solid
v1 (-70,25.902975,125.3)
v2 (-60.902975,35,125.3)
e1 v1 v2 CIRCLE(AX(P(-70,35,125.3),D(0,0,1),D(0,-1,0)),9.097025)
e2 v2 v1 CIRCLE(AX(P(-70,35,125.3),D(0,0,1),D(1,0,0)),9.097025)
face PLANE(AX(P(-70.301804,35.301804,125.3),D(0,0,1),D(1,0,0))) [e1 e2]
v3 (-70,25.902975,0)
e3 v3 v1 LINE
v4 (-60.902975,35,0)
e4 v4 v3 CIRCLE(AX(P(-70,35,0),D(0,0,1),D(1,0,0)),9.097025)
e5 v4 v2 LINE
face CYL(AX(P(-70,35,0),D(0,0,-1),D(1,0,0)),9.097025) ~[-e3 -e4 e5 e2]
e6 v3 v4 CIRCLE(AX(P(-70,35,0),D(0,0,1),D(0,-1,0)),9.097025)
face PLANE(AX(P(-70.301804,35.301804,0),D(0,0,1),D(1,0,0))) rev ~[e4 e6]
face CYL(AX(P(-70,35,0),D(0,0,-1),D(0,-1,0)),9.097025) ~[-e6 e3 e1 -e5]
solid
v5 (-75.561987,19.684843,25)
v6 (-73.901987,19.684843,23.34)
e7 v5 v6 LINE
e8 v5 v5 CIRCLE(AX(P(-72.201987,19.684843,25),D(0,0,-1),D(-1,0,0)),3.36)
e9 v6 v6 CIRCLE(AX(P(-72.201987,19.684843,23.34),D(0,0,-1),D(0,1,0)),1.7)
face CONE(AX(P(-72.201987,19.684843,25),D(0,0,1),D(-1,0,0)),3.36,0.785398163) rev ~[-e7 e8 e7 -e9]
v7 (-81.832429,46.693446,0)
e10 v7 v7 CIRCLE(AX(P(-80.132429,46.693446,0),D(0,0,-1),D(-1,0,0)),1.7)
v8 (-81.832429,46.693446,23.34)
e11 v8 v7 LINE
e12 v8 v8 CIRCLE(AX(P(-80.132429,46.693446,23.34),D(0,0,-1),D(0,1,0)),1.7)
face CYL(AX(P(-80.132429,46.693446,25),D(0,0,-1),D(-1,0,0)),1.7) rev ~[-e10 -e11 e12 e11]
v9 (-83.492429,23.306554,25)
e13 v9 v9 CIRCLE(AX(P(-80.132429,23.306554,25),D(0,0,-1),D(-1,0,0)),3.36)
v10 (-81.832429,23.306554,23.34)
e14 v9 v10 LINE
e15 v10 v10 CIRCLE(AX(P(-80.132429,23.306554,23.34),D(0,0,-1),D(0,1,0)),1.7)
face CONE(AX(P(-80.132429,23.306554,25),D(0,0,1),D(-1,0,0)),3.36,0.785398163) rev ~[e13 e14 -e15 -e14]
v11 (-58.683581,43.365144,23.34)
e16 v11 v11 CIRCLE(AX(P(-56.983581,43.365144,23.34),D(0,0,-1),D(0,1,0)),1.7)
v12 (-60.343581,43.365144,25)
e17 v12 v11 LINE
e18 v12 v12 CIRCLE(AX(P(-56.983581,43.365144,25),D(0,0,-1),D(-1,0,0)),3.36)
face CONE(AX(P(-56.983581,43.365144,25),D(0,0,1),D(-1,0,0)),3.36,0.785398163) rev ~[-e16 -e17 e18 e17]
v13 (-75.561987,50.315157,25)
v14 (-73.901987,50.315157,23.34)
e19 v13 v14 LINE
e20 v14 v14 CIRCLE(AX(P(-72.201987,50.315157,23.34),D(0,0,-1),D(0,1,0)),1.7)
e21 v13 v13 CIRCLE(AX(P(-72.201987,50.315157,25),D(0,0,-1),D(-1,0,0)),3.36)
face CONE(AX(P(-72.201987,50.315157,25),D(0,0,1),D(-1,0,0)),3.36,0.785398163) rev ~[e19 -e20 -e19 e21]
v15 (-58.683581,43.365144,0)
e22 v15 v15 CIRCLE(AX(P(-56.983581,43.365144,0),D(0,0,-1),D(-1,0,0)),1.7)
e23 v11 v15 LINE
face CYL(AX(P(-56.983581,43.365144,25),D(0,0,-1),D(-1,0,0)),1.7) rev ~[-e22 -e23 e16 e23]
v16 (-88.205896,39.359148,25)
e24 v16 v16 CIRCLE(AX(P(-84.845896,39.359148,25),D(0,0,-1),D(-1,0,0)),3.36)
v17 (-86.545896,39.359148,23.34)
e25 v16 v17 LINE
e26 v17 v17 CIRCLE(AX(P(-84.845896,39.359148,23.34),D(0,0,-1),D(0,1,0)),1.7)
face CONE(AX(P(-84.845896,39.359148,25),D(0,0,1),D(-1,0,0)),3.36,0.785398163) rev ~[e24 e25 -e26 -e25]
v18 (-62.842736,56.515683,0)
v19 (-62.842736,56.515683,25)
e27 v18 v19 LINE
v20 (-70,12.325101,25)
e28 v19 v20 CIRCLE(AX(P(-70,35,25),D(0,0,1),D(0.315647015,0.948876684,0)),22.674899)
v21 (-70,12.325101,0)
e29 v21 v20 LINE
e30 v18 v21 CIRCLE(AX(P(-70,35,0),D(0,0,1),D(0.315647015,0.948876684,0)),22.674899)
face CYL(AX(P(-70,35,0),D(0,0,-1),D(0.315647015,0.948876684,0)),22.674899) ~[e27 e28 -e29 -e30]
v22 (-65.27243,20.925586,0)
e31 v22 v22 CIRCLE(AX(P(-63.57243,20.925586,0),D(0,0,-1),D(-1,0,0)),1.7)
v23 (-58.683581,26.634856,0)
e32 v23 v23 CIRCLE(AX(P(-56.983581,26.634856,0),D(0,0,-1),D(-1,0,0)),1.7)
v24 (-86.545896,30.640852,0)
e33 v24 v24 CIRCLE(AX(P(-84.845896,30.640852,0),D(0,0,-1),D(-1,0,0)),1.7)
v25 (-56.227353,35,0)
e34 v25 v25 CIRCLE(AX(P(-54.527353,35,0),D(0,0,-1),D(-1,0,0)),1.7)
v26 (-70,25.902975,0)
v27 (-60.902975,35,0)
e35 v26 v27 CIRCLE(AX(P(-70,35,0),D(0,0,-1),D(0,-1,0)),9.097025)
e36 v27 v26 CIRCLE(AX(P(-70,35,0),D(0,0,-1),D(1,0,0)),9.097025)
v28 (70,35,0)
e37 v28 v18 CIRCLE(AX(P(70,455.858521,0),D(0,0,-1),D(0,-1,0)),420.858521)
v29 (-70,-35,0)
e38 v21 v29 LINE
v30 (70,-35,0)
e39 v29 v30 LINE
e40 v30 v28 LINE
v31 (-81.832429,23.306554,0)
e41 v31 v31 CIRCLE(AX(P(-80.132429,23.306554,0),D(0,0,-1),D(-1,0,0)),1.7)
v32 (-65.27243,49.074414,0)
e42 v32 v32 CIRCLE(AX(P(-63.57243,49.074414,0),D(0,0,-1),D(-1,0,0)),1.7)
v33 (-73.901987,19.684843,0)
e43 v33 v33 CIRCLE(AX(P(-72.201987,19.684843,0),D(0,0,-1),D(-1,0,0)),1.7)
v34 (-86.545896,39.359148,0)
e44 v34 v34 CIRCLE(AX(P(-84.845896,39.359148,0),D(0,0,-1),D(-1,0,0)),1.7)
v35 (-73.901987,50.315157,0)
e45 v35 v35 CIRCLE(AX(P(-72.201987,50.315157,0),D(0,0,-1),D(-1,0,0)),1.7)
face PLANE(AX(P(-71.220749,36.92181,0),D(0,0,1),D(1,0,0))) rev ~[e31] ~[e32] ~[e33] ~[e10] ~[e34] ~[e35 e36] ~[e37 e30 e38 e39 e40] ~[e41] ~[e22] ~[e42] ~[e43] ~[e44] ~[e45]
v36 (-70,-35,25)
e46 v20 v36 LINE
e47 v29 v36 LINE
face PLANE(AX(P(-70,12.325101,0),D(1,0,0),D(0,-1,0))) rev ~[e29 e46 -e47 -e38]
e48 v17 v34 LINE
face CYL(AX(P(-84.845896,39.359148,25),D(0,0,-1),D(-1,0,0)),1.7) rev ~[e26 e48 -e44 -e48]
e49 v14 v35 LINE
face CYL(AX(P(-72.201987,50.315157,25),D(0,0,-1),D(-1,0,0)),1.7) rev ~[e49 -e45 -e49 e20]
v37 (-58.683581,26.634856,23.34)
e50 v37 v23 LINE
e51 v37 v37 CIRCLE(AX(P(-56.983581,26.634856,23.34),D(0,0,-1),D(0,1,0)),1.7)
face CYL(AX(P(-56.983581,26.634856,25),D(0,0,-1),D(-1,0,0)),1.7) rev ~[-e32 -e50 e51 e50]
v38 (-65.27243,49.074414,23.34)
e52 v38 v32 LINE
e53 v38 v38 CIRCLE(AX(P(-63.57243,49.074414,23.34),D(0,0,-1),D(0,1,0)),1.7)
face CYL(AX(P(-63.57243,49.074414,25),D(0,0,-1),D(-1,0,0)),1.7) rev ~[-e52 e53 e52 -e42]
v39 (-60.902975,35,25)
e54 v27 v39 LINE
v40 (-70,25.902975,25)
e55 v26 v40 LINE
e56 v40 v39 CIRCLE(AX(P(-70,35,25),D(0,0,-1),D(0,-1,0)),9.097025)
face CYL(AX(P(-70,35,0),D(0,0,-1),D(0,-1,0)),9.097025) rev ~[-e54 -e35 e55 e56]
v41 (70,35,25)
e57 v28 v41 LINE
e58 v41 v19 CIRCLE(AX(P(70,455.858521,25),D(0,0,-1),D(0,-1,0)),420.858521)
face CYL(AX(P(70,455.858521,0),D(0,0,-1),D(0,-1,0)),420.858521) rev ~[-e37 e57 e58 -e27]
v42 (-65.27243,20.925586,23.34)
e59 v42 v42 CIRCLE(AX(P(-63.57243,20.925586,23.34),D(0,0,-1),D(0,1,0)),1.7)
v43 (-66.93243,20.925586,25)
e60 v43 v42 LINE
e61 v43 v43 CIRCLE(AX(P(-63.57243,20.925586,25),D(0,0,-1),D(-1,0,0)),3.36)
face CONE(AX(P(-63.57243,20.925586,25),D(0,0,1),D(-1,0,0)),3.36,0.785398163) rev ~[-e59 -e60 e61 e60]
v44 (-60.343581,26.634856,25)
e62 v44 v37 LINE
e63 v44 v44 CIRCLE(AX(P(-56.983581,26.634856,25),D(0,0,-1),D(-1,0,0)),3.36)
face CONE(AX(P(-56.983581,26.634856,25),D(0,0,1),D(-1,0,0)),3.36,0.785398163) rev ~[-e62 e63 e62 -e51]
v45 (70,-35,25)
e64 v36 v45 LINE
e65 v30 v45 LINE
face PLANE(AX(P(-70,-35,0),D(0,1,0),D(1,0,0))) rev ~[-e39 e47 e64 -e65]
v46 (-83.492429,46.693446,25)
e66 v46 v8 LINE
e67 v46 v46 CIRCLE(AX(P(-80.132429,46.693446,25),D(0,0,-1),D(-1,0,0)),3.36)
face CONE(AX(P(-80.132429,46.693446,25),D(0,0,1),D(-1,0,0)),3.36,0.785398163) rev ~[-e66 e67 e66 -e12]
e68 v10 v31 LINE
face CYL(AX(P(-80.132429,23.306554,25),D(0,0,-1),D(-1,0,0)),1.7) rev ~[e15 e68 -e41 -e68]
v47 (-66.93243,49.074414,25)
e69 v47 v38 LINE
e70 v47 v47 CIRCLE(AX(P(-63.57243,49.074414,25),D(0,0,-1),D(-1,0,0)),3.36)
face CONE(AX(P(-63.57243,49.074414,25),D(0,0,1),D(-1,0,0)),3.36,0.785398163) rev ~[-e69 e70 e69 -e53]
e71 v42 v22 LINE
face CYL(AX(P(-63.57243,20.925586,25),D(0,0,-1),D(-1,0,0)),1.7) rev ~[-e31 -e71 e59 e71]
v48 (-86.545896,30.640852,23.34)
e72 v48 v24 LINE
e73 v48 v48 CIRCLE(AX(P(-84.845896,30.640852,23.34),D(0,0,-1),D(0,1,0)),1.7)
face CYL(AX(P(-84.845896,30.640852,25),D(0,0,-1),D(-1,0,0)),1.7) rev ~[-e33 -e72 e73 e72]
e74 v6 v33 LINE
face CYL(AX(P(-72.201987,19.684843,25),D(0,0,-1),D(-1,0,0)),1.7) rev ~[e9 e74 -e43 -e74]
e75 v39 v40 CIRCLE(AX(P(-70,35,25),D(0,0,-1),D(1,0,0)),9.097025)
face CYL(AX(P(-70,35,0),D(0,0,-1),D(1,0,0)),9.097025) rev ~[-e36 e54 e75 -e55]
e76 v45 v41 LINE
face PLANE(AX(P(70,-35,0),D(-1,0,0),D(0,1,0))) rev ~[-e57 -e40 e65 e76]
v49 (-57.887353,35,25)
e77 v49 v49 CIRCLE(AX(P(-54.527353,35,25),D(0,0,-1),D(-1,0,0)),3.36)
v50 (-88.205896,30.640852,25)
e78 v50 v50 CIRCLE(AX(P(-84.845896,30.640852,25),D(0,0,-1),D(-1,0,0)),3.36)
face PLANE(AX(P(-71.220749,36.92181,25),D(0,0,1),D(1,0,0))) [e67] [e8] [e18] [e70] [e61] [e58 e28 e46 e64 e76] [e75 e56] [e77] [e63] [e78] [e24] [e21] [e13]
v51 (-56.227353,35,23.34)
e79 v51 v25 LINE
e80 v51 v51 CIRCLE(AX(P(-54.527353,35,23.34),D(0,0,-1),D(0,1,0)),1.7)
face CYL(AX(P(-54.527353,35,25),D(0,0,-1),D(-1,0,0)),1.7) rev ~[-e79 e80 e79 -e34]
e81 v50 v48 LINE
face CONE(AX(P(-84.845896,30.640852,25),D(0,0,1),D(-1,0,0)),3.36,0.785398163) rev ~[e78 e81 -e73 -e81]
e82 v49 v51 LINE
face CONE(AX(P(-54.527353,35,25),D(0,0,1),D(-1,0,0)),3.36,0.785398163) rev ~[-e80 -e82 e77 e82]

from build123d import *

# Parameters (mm, degrees)
F1_DEPTH       = 25
F2_DEPTH       = 125.3
F4_D           = 3.4
F4_CSINK_D     = 6.72
F4_CSINK_ANGLE = 90


with BuildPart() as f1:
    # F0 (on Top) → F1 (new body)
    with BuildSketch(Plane.XY):
        with BuildLine():
            ThreePointArc((-62.8427357979, 56.5156830348), (-92.3832190301, 38.6252659436), (-70, 12.3251009415))
            Line((-70, 12.3251009415), (-70, 25.9029745303))
            ThreePointArc((-70, 25.9029745303), (-76.4325683983, 41.4325683983), (-60.9029745303, 35))
            Line((-60.9029745303, 35), (-47.3251009415, 35))
            ThreePointArc((-47.3251009415, 35), (-51.6092239067, 48.2638758286), (-62.8427357979, 56.5156830348))
        make_face()
        with BuildLine():
            Line((-70, 25.9029745303), (-70, 12.3251009415))
            ThreePointArc((-70, 12.3251009415), (-53.966425113, 18.966425113), (-47.3251009415, 35))
            Line((-47.3251009415, 35), (-60.9029745303, 35))
            ThreePointArc((-60.9029745303, 35), (-63.5674316017, 28.5674316017), (-70, 25.9029745303))
        make_face()
        with BuildLine():
            Line((-70, -35), (70, -35))
            Line((70, -35), (70, 35))
            Line((70, 35), (-47.3251009415, 35))
            ThreePointArc((-47.3251009415, 35), (-53.966425113, 18.966425113), (-70, 12.3251009415))
            Line((-70, 12.3251009415), (-70, -35))
        make_face()
        with BuildLine():
            Line((-47.3251009415, 35), (70, 35))
            ThreePointArc((70, 35), (2.7130824924, 40.4137407606), (-62.8427357979, 56.5156830348))
            ThreePointArc((-62.8427357979, 56.5156830348), (-51.6092239067, 48.2638758286), (-47.3251009415, 35))
        make_face()
    extrude(amount=F1_DEPTH)

    # F4 (through all)
    with Locations(Plane.XY.offset(25)):
        with Locations((-72.201987185, 50.3151572729), (-63.5724303511, 49.0744143134), (-80.1324286461, 46.69344601), (-56.9835814657, 43.3651442545), (-54.5273534954, 35), (-56.9835814657, 26.6348557455), (-63.5724303511, 20.9255856866), (-72.201987185, 19.6848427271), (-80.1324286461, 23.30655399), (-84.8458956044, 30.6408517391), (-84.8458956044, 39.3591482609)):
            CounterSinkHole(F4_D / 2, F4_CSINK_D / 2, counter_sink_angle=F4_CSINK_ANGLE)


with BuildPart() as f2:
    # F0 (on Top) → F2 (new body)
    with BuildSketch(Plane.XY):
        with BuildLine():
            ThreePointArc((-60.9029745303, 35), (-76.4325683983, 41.4325683983), (-70, 25.9029745303))
            Line((-70, 25.9029745303), (-70, 35))
            Line((-70, 35), (-60.9029745303, 35))
        make_face()
        with BuildLine():
            Line((-70, 35), (-70, 25.9029745303))
            ThreePointArc((-70, 25.9029745303), (-63.5674316017, 28.5674316017), (-60.9029745303, 35))
            Line((-60.9029745303, 35), (-70, 35))
        make_face()
    extrude(amount=F2_DEPTH)


solid = Compound([f1.part, f2.part])
